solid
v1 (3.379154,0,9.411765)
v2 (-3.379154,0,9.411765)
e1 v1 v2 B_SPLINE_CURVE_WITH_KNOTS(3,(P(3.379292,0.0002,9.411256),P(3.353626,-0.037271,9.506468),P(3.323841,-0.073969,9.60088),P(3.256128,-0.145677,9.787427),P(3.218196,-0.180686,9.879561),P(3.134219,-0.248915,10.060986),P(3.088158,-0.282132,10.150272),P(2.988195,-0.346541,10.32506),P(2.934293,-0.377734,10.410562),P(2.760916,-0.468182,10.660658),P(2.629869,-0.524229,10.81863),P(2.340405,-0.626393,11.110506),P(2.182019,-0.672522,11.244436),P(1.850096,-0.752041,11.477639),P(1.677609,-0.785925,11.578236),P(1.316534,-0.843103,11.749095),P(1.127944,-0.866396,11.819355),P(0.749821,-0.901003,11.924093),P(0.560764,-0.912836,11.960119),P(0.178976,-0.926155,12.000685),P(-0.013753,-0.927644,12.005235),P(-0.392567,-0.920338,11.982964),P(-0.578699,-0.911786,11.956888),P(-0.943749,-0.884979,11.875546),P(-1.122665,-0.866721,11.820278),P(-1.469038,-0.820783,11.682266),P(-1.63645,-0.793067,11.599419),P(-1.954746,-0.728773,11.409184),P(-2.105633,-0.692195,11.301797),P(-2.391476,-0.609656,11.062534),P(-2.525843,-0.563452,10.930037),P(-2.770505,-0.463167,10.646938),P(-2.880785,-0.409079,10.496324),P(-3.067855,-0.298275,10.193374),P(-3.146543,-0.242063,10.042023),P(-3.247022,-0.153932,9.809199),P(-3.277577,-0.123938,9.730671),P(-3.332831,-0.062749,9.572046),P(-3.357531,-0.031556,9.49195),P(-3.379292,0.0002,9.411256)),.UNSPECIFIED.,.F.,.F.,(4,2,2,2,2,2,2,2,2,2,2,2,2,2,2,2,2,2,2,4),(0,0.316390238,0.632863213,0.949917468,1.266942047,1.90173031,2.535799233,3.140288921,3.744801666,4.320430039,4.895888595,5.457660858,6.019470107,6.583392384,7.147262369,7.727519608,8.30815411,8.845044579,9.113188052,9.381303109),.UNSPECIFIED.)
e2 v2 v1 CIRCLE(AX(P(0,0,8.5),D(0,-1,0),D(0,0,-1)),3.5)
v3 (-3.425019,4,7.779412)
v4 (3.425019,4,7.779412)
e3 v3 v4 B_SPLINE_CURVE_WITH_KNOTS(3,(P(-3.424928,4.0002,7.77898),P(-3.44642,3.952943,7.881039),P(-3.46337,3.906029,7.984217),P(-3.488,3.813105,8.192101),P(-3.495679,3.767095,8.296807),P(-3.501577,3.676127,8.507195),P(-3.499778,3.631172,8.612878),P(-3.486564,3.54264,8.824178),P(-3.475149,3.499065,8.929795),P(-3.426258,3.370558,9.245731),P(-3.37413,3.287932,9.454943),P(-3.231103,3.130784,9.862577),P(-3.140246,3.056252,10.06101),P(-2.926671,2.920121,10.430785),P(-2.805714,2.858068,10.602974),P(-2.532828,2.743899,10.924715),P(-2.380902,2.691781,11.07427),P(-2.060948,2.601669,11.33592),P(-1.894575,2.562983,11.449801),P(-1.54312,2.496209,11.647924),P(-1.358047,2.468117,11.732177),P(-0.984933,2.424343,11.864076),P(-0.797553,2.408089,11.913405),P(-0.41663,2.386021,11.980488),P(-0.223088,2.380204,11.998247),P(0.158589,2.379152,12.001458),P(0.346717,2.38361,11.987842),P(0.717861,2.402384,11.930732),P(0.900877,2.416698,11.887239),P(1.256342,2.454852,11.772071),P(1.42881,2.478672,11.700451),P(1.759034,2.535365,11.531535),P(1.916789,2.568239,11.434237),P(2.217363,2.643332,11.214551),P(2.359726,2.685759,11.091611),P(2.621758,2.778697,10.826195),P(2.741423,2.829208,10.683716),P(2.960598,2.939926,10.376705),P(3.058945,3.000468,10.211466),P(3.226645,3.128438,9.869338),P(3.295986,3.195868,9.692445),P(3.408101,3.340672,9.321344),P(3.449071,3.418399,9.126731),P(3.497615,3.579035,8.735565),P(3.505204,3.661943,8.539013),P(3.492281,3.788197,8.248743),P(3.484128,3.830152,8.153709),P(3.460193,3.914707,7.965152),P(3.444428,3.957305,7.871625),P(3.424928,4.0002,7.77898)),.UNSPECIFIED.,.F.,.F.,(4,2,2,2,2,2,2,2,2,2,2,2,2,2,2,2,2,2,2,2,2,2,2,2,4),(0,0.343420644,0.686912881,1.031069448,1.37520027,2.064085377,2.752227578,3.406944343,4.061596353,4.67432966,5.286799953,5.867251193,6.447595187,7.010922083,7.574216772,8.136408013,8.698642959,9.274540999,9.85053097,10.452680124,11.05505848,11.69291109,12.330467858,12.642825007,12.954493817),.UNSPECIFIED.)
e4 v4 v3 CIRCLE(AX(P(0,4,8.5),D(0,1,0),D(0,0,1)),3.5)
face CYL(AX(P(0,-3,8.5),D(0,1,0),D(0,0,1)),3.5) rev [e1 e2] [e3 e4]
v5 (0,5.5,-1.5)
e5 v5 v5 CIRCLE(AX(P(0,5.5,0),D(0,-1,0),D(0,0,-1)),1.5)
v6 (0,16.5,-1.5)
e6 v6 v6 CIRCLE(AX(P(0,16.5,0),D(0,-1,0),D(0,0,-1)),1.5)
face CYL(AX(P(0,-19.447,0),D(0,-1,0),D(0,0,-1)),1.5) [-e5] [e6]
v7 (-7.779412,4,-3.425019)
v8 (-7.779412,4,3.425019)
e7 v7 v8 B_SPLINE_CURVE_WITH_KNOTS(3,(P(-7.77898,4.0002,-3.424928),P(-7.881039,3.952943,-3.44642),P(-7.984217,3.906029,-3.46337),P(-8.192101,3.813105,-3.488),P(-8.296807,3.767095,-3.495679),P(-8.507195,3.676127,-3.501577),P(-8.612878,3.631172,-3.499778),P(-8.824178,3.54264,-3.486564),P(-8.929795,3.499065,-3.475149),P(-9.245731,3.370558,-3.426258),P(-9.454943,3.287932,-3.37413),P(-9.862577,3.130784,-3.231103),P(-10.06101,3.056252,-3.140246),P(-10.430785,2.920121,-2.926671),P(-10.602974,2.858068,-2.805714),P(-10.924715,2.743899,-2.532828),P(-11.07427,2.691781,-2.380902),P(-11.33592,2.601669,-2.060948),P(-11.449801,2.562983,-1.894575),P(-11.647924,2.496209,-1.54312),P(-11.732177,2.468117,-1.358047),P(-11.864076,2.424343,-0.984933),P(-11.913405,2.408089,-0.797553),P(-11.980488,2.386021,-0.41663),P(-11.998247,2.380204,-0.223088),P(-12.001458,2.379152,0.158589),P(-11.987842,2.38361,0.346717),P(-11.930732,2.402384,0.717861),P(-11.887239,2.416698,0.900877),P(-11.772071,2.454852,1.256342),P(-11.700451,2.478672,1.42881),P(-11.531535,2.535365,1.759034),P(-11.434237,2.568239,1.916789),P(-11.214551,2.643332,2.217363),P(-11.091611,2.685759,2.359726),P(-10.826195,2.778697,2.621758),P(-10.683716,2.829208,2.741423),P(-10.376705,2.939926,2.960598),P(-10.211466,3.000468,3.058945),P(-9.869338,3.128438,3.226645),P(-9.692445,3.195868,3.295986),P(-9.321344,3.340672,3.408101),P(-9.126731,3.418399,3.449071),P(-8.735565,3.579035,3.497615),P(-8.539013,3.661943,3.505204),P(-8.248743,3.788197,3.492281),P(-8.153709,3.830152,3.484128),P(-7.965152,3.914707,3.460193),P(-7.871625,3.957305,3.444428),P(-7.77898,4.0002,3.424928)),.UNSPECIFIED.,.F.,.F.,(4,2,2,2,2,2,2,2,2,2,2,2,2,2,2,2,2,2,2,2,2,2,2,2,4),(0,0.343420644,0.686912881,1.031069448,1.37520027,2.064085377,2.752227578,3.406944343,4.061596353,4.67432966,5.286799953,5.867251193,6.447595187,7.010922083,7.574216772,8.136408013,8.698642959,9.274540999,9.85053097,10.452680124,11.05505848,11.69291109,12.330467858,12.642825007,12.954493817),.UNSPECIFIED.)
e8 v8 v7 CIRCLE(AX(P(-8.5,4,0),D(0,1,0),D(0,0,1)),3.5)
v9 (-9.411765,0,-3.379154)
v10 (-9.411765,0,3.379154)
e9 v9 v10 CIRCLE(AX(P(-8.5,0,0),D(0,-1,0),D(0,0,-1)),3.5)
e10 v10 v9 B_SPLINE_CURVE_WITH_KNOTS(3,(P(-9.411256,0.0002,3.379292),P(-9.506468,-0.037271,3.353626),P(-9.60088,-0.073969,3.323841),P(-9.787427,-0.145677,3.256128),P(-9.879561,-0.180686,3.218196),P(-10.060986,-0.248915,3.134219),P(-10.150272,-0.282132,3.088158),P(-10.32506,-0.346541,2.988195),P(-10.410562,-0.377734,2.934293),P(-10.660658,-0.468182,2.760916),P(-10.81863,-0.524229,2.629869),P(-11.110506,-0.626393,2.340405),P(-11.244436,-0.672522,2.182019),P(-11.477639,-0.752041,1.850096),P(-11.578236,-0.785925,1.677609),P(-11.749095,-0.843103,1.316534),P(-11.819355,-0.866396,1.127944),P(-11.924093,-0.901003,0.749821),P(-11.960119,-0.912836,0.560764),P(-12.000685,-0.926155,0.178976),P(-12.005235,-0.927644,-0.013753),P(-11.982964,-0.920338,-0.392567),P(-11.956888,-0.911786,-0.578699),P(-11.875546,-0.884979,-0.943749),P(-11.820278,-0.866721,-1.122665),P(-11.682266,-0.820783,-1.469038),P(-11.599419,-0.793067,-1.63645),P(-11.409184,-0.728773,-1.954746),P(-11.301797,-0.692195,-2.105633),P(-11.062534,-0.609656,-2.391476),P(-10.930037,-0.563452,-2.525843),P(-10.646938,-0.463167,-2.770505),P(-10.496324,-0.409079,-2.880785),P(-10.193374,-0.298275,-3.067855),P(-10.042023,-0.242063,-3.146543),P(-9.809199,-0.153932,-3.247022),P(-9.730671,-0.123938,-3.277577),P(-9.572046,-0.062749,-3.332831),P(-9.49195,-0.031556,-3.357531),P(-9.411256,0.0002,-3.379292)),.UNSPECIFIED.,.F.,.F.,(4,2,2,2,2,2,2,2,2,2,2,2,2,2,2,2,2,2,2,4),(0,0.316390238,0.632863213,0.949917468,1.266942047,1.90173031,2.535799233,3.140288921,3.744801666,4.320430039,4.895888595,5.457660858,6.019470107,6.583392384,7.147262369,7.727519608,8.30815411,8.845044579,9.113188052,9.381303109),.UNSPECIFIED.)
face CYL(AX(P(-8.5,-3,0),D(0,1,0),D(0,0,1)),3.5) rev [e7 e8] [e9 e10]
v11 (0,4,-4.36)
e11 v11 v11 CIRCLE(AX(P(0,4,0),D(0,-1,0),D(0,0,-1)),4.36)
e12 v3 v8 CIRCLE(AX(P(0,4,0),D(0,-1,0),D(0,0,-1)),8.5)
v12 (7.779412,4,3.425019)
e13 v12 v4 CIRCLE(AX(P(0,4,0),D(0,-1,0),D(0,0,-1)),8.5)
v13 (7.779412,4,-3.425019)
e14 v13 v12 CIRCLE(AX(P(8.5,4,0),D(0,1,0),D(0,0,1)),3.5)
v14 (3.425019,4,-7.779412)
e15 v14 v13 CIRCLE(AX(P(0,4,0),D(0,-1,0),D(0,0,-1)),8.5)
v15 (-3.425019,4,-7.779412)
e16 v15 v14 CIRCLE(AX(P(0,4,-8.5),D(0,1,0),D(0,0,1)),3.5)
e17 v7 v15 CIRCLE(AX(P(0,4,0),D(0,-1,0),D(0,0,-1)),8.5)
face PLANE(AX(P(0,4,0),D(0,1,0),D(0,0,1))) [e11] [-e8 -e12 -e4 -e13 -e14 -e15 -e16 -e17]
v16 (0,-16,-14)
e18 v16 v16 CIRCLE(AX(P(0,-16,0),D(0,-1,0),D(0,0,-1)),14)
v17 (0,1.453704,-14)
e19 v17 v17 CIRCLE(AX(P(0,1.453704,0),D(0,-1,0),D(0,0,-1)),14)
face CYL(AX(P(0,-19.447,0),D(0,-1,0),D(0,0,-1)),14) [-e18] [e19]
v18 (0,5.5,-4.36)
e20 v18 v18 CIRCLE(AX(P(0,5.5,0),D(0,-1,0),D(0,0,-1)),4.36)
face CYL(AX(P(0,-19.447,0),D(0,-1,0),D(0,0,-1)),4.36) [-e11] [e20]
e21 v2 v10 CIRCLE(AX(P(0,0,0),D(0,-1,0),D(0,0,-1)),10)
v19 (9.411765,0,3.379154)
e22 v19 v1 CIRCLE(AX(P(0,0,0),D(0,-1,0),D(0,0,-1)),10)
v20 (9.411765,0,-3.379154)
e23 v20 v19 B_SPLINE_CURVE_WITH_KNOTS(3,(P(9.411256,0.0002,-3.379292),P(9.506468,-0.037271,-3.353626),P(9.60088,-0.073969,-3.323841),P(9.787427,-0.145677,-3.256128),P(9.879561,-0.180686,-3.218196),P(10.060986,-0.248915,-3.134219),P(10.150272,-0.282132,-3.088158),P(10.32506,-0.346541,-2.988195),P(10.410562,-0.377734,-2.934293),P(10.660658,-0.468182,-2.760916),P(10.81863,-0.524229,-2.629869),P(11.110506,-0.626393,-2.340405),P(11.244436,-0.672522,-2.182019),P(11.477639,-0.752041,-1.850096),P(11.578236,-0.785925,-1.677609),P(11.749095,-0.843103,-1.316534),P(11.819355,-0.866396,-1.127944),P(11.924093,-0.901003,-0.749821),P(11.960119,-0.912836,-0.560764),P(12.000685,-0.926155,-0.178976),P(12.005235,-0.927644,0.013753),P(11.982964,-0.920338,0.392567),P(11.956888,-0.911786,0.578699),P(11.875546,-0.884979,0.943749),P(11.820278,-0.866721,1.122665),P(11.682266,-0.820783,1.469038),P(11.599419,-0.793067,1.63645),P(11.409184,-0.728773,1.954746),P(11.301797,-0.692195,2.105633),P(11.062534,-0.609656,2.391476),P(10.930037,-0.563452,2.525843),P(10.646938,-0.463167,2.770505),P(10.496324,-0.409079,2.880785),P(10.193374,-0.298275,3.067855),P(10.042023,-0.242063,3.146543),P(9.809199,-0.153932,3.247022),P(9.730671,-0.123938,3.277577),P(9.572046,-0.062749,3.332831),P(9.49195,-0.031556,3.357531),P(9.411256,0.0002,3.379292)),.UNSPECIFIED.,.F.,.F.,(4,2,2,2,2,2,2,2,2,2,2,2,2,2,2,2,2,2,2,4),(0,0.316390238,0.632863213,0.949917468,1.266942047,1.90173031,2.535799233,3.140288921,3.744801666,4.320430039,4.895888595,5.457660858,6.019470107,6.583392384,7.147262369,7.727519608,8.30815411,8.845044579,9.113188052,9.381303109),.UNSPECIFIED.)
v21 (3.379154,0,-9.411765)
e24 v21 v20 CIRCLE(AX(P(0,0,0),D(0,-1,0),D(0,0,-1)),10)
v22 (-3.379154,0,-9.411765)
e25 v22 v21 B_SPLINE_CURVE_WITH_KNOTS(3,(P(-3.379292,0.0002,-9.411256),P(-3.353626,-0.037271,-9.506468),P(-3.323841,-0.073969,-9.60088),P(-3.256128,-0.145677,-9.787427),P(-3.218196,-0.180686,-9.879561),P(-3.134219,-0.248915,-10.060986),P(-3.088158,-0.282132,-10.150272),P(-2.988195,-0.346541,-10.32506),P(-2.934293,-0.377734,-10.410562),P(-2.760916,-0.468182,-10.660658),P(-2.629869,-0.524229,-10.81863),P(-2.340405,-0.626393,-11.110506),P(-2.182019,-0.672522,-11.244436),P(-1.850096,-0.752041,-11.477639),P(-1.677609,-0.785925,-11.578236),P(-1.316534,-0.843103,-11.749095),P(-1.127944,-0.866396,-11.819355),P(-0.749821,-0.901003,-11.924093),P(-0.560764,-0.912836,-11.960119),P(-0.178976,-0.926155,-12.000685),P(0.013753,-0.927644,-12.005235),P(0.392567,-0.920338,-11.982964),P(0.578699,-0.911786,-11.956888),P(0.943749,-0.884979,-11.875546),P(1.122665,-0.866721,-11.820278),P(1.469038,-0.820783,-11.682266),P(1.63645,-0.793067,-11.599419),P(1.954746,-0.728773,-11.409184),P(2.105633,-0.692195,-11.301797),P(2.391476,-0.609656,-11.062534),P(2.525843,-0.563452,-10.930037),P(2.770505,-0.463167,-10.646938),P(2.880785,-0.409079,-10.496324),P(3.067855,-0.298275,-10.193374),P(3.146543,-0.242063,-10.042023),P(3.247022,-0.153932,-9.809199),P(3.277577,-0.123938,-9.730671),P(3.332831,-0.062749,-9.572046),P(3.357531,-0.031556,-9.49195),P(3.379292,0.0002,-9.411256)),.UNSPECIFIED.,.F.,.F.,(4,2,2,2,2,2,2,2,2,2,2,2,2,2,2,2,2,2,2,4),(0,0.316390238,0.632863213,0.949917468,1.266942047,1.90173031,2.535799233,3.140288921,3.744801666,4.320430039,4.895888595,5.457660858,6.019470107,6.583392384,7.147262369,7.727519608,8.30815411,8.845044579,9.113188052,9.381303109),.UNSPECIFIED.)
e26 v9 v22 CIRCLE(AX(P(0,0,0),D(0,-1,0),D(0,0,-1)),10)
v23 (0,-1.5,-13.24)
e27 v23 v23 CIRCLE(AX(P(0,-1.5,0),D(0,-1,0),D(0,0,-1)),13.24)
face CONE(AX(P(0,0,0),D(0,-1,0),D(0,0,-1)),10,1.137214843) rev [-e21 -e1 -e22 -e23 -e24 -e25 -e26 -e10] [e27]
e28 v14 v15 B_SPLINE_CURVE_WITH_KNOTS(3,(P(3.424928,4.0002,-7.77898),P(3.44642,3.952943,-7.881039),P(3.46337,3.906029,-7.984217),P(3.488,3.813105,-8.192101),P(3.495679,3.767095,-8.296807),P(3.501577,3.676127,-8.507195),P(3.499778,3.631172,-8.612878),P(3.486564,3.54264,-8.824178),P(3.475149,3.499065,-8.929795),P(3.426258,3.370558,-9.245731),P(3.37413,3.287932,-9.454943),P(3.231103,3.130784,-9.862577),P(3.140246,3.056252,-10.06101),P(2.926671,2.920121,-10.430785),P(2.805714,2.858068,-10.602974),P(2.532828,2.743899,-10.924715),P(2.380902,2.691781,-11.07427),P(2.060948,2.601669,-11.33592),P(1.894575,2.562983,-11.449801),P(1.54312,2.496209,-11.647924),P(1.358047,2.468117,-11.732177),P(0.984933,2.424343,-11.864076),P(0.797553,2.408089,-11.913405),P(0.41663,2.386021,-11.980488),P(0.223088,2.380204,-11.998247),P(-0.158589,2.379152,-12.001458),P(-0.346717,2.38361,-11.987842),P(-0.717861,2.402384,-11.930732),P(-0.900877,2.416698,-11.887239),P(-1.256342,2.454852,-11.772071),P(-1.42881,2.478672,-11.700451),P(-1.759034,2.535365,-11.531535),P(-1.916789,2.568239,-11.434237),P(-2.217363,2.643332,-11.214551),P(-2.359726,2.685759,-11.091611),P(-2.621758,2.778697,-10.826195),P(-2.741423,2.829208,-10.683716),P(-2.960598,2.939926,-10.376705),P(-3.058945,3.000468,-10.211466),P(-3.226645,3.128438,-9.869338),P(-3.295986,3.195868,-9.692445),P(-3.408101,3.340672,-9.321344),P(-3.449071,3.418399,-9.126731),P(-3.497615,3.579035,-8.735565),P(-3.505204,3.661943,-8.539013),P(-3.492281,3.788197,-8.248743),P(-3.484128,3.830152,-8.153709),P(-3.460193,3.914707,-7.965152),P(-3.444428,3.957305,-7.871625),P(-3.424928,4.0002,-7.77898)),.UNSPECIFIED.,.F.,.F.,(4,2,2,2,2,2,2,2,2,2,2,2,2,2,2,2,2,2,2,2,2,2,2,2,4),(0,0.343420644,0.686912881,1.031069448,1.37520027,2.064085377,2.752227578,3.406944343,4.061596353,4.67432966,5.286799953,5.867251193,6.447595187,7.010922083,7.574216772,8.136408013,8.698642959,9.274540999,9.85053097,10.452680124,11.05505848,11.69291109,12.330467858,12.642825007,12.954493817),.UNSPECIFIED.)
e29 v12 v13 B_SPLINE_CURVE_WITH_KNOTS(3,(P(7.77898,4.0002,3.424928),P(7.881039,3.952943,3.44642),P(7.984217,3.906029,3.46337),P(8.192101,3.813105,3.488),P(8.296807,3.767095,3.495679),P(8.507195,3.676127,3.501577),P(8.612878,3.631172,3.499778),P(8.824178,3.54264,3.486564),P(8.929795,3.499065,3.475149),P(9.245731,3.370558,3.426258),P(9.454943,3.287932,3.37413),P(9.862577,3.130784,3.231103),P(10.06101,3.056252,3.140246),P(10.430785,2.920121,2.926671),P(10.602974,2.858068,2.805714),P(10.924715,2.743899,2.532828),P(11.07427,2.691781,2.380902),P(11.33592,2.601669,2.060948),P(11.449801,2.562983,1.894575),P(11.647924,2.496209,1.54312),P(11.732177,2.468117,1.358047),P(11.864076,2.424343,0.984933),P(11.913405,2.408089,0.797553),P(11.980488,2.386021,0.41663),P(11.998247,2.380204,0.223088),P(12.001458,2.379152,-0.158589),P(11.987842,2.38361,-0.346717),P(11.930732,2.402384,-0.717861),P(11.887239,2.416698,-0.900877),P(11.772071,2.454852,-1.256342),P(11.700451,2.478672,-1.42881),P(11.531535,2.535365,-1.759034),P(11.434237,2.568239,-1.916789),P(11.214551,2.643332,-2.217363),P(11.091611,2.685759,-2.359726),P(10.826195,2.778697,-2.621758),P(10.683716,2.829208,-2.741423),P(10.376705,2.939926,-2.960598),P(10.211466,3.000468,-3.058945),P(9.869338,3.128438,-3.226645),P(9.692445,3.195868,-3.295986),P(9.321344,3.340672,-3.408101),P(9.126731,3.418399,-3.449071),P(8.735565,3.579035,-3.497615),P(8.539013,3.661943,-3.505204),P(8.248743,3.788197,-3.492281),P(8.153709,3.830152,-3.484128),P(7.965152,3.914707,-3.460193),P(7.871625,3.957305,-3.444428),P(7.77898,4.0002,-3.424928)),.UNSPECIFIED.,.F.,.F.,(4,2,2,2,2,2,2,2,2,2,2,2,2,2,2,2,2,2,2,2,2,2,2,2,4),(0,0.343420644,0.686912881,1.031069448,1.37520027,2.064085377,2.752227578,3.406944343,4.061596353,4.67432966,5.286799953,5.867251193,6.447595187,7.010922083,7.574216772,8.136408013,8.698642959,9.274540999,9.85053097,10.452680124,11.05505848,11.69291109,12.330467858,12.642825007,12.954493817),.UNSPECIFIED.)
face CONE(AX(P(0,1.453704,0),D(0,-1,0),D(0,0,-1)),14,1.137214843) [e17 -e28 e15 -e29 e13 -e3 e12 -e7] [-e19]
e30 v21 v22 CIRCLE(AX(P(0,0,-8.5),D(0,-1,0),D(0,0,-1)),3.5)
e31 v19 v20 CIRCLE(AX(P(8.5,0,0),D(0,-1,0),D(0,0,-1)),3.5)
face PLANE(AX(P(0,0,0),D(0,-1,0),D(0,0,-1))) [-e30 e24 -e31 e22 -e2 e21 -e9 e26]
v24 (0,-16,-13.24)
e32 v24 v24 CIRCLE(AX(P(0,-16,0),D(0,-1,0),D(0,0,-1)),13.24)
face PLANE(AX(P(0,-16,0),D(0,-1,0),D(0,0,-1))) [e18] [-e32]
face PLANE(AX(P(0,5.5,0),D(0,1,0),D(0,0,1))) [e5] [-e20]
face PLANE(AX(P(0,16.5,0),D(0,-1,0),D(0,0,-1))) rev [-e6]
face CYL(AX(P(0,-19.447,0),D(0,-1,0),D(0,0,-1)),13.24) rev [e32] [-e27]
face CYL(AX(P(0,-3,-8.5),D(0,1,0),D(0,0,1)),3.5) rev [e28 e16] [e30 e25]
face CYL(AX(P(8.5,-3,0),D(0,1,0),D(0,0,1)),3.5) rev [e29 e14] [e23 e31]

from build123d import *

# Parameters (mm, degrees)
CROQUIS1_W            = 1.5
CROQUIS1_H            = 11
CROQUIS2_R            = 3.5
CORTAR_EXTRUIR1_DEPTH = 7


with BuildPart() as part:
    # Croquis1 → Revolución1 (revolve)
    with BuildSketch(Plane.XY):
        Polygon((-13.24, -16), (-14, -16), (-14, 1.453703704), (-8.5, 4), (-4.36, 4), (-4.36, 5.5), (0, 5.5), (0, 0), (-10, 0), (-13.24, -1.5), align=None)
        with Locations((-0.75, 11)):
            Rectangle(CROQUIS1_W, CROQUIS1_H)
    revolve(axis=Axis((0, -19.446999562, 0), (0, 1, 0)))

    # Croquis2 → Cortar-Extruir1 (cut)
    with BuildSketch(Plane(origin=(0, 4, 0), x_dir=(1, 0, 0), z_dir=(0, 1, 0))):
        with Locations((0, 8.5)):
            Circle(CROQUIS2_R)
        with Locations((8.5, 0)):
            Circle(CROQUIS2_R)
        with Locations((0, -8.5)):
            Circle(CROQUIS2_R)
        with Locations((-8.5, 0)):
            Circle(CROQUIS2_R)
    extrude(amount=-CORTAR_EXTRUIR1_DEPTH, mode=Mode.SUBTRACT)


solid = part.part
